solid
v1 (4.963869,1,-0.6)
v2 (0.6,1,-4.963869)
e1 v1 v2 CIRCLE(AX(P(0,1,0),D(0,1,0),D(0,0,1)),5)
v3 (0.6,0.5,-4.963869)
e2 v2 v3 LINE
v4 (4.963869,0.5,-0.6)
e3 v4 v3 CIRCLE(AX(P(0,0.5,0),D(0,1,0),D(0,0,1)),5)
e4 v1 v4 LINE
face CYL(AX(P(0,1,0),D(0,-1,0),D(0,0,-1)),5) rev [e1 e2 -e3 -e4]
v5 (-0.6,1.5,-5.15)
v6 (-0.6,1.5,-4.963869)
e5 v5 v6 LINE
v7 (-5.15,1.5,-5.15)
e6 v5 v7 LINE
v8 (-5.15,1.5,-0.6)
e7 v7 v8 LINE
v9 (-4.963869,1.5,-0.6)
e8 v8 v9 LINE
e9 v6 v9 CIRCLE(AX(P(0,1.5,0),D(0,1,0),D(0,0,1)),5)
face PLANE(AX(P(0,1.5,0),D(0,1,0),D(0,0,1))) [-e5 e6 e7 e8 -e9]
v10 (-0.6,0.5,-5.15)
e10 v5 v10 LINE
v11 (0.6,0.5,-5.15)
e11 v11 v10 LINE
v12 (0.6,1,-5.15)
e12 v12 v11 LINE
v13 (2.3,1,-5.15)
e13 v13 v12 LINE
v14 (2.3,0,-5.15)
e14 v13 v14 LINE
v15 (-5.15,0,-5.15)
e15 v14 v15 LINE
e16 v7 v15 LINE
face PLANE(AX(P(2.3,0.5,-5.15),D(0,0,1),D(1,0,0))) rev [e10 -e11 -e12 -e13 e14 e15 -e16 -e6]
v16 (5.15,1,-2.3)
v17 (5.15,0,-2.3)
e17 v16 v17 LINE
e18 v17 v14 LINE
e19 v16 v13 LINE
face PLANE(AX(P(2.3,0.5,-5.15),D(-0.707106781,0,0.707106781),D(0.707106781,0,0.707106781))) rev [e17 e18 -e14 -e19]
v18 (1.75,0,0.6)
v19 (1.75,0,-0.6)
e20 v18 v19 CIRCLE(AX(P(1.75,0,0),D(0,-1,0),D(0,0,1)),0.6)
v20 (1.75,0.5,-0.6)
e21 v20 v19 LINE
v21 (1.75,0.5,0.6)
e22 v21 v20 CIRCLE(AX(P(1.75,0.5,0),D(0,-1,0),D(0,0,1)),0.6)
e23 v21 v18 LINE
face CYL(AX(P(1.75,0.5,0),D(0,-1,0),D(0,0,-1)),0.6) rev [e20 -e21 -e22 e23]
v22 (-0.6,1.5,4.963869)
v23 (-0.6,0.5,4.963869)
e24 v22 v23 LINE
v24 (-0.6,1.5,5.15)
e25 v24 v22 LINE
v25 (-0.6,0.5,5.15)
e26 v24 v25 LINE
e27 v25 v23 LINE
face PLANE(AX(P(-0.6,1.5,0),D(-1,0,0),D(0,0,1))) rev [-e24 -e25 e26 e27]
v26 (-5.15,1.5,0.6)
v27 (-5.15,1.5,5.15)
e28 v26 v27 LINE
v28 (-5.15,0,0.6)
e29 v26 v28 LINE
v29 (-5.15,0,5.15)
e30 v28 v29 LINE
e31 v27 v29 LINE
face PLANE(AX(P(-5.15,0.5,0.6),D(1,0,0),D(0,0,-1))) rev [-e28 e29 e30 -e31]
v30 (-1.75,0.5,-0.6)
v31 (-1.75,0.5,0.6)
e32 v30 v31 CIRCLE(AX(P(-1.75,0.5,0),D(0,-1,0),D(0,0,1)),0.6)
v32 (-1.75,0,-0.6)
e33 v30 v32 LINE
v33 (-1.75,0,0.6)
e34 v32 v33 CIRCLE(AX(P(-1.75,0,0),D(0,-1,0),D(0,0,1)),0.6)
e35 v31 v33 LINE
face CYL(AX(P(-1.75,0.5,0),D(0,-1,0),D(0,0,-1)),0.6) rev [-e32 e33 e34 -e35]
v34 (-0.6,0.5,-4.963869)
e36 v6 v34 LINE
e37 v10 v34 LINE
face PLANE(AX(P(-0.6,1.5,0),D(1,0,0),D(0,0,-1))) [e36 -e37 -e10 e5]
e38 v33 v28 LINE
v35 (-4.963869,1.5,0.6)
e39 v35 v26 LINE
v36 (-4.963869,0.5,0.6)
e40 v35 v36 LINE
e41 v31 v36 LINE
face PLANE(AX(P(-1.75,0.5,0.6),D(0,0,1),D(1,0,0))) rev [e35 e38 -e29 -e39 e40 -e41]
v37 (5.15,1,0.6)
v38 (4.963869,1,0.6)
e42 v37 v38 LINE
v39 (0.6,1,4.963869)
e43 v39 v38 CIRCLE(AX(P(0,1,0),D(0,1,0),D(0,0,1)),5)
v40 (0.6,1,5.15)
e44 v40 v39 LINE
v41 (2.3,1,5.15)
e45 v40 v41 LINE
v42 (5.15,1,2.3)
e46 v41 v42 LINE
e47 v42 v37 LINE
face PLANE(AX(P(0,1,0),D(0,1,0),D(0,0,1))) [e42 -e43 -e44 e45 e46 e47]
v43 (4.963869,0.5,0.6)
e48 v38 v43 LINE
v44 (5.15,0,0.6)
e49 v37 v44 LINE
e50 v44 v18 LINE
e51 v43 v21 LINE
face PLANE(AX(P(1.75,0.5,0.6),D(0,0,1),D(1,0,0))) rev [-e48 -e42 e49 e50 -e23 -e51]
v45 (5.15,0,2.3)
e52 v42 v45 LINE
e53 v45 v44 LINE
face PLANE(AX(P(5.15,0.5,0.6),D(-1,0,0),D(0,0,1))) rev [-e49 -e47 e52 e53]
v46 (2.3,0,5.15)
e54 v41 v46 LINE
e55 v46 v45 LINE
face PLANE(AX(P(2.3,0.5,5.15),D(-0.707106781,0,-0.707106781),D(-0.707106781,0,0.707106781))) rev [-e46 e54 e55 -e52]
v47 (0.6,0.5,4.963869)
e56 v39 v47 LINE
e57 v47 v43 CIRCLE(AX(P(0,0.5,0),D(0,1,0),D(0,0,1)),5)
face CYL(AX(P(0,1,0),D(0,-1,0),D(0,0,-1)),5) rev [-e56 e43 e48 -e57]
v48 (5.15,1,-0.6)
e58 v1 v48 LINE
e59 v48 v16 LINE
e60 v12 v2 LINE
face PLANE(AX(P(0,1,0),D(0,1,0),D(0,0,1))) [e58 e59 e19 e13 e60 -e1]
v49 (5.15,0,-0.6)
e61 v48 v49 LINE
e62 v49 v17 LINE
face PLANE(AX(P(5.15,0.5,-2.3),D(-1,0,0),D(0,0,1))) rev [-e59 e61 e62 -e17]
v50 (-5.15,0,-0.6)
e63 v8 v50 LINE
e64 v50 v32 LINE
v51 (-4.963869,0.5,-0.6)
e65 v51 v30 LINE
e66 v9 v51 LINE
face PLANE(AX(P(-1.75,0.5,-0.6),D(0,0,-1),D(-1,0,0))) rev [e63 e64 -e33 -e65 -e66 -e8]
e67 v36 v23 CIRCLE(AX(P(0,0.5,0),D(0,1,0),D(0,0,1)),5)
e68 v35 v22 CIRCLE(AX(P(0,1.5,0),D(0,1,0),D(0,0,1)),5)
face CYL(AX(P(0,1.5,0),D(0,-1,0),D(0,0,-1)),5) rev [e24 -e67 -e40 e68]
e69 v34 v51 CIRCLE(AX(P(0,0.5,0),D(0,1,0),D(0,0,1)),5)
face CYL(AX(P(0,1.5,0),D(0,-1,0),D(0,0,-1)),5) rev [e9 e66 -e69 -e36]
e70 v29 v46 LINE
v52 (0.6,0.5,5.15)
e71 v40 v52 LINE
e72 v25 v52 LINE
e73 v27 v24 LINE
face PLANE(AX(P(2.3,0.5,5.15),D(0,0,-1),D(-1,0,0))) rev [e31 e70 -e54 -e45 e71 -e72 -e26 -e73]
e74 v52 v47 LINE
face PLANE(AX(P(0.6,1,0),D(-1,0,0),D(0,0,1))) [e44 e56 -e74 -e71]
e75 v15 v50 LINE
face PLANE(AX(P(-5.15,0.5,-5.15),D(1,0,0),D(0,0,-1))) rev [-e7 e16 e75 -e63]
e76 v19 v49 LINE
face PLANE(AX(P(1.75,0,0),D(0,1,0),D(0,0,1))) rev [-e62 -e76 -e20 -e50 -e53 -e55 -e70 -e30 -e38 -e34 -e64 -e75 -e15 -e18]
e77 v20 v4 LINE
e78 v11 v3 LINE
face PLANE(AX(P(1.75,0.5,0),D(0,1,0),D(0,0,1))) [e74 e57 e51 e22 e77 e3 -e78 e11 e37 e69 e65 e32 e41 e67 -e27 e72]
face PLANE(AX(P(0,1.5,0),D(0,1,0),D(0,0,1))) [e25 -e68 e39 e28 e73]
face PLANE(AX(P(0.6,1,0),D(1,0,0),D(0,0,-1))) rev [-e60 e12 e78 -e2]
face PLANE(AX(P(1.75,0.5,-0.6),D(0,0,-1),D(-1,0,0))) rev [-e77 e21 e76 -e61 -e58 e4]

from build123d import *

# Parameters (mm, degrees)
BASE_DEPTH         = 0.5
BACK_HEIGHT_DEPTH  = 1
FRONT_HEIGHT_DEPTH = 0.5


with BuildPart() as part:
    # Sketch1 → Base (new body)
    with BuildSketch(Plane(origin=(0, 0, 0), x_dir=(1, 0, 0), z_dir=(0, 1, 0))):
        with BuildLine():
            Line((2.3, 5.15), (5.15, 2.3))
            Line((5.15, 2.3), (5.15, 0.6))
            Line((5.15, 0.6), (1.75, 0.6))
            ThreePointArc((1.75, 0.6), (1.15, 0), (1.75, -0.6))
            Line((1.75, -0.6), (5.15, -0.6))
            Line((5.15, -0.6), (5.15, -2.3))
            Line((5.15, -2.3), (2.3, -5.15))
            Line((2.3, -5.15), (-5.15, -5.15))
            Line((-5.15, -5.15), (-5.15, -0.6))
            Line((-5.15, -0.6), (-1.75, -0.6))
            ThreePointArc((-1.75, -0.6), (-1.15, 0), (-1.75, 0.6))
            Line((-1.75, 0.6), (-5.15, 0.6))
            Line((-5.15, 0.6), (-5.15, 5.15))
            Line((-5.15, 5.15), (2.3, 5.15))
        make_face()
    extrude(amount=BASE_DEPTH)

    # Sketch2 → Back Height (add)
    with BuildSketch(Plane(origin=(0, 0.5, 0), x_dir=(1, 0, 0), z_dir=(0, 1, 0))):
        with BuildLine():
            Line((-0.6, 4.963869458), (-0.6, 5.15))
            Line((-0.6, 5.15), (-5.15, 5.15))
            Line((-5.15, 5.15), (-5.15, 0.6))
            Line((-5.15, 0.6), (-4.963869458, 0.6))
            ThreePointArc((-4.963869458, 0.6), (-3.535533906, 3.535533906), (-0.6, 4.963869458))
        make_face()
        with BuildLine():
            ThreePointArc((-0.6, -4.963869458), (-3.535533906, -3.535533906), (-4.963869458, -0.6))
            Line((-4.963869458, -0.6), (-5.15, -0.6))
            Line((-5.15, -0.6), (-5.15, -5.15))
            Line((-5.15, -5.15), (-0.6, -5.15))
            Line((-0.6, -5.15), (-0.6, -4.963869458))
        make_face()
    extrude(amount=BACK_HEIGHT_DEPTH)

    # Sketch2<3> → Front Height (add)
    with BuildSketch(Plane(origin=(0, 0.5, 0), x_dir=(1, 0, 0), z_dir=(0, 1, 0))):
        with BuildLine():
            Line((2.3, 5.15), (0.6, 5.15))
            Line((0.6, 5.15), (0.6, 4.963869458))
            ThreePointArc((0.6, 4.963869458), (3.535533906, 3.535533906), (4.963869458, 0.6))
            Line((4.963869458, 0.6), (5.15, 0.6))
            Line((5.15, 0.6), (5.15, 2.3))
            Line((5.15, 2.3), (2.3, 5.15))
        make_face()
        with BuildLine():
            Line((5.15, -0.6), (4.963869458, -0.6))
            ThreePointArc((4.963869458, -0.6), (3.535533906, -3.535533906), (0.6, -4.963869458))
            Line((0.6, -4.963869458), (0.6, -5.15))
            Line((0.6, -5.15), (2.3, -5.15))
            Line((2.3, -5.15), (5.15, -2.3))
            Line((5.15, -2.3), (5.15, -0.6))
        make_face()
    extrude(amount=FRONT_HEIGHT_DEPTH)


solid = part.part
